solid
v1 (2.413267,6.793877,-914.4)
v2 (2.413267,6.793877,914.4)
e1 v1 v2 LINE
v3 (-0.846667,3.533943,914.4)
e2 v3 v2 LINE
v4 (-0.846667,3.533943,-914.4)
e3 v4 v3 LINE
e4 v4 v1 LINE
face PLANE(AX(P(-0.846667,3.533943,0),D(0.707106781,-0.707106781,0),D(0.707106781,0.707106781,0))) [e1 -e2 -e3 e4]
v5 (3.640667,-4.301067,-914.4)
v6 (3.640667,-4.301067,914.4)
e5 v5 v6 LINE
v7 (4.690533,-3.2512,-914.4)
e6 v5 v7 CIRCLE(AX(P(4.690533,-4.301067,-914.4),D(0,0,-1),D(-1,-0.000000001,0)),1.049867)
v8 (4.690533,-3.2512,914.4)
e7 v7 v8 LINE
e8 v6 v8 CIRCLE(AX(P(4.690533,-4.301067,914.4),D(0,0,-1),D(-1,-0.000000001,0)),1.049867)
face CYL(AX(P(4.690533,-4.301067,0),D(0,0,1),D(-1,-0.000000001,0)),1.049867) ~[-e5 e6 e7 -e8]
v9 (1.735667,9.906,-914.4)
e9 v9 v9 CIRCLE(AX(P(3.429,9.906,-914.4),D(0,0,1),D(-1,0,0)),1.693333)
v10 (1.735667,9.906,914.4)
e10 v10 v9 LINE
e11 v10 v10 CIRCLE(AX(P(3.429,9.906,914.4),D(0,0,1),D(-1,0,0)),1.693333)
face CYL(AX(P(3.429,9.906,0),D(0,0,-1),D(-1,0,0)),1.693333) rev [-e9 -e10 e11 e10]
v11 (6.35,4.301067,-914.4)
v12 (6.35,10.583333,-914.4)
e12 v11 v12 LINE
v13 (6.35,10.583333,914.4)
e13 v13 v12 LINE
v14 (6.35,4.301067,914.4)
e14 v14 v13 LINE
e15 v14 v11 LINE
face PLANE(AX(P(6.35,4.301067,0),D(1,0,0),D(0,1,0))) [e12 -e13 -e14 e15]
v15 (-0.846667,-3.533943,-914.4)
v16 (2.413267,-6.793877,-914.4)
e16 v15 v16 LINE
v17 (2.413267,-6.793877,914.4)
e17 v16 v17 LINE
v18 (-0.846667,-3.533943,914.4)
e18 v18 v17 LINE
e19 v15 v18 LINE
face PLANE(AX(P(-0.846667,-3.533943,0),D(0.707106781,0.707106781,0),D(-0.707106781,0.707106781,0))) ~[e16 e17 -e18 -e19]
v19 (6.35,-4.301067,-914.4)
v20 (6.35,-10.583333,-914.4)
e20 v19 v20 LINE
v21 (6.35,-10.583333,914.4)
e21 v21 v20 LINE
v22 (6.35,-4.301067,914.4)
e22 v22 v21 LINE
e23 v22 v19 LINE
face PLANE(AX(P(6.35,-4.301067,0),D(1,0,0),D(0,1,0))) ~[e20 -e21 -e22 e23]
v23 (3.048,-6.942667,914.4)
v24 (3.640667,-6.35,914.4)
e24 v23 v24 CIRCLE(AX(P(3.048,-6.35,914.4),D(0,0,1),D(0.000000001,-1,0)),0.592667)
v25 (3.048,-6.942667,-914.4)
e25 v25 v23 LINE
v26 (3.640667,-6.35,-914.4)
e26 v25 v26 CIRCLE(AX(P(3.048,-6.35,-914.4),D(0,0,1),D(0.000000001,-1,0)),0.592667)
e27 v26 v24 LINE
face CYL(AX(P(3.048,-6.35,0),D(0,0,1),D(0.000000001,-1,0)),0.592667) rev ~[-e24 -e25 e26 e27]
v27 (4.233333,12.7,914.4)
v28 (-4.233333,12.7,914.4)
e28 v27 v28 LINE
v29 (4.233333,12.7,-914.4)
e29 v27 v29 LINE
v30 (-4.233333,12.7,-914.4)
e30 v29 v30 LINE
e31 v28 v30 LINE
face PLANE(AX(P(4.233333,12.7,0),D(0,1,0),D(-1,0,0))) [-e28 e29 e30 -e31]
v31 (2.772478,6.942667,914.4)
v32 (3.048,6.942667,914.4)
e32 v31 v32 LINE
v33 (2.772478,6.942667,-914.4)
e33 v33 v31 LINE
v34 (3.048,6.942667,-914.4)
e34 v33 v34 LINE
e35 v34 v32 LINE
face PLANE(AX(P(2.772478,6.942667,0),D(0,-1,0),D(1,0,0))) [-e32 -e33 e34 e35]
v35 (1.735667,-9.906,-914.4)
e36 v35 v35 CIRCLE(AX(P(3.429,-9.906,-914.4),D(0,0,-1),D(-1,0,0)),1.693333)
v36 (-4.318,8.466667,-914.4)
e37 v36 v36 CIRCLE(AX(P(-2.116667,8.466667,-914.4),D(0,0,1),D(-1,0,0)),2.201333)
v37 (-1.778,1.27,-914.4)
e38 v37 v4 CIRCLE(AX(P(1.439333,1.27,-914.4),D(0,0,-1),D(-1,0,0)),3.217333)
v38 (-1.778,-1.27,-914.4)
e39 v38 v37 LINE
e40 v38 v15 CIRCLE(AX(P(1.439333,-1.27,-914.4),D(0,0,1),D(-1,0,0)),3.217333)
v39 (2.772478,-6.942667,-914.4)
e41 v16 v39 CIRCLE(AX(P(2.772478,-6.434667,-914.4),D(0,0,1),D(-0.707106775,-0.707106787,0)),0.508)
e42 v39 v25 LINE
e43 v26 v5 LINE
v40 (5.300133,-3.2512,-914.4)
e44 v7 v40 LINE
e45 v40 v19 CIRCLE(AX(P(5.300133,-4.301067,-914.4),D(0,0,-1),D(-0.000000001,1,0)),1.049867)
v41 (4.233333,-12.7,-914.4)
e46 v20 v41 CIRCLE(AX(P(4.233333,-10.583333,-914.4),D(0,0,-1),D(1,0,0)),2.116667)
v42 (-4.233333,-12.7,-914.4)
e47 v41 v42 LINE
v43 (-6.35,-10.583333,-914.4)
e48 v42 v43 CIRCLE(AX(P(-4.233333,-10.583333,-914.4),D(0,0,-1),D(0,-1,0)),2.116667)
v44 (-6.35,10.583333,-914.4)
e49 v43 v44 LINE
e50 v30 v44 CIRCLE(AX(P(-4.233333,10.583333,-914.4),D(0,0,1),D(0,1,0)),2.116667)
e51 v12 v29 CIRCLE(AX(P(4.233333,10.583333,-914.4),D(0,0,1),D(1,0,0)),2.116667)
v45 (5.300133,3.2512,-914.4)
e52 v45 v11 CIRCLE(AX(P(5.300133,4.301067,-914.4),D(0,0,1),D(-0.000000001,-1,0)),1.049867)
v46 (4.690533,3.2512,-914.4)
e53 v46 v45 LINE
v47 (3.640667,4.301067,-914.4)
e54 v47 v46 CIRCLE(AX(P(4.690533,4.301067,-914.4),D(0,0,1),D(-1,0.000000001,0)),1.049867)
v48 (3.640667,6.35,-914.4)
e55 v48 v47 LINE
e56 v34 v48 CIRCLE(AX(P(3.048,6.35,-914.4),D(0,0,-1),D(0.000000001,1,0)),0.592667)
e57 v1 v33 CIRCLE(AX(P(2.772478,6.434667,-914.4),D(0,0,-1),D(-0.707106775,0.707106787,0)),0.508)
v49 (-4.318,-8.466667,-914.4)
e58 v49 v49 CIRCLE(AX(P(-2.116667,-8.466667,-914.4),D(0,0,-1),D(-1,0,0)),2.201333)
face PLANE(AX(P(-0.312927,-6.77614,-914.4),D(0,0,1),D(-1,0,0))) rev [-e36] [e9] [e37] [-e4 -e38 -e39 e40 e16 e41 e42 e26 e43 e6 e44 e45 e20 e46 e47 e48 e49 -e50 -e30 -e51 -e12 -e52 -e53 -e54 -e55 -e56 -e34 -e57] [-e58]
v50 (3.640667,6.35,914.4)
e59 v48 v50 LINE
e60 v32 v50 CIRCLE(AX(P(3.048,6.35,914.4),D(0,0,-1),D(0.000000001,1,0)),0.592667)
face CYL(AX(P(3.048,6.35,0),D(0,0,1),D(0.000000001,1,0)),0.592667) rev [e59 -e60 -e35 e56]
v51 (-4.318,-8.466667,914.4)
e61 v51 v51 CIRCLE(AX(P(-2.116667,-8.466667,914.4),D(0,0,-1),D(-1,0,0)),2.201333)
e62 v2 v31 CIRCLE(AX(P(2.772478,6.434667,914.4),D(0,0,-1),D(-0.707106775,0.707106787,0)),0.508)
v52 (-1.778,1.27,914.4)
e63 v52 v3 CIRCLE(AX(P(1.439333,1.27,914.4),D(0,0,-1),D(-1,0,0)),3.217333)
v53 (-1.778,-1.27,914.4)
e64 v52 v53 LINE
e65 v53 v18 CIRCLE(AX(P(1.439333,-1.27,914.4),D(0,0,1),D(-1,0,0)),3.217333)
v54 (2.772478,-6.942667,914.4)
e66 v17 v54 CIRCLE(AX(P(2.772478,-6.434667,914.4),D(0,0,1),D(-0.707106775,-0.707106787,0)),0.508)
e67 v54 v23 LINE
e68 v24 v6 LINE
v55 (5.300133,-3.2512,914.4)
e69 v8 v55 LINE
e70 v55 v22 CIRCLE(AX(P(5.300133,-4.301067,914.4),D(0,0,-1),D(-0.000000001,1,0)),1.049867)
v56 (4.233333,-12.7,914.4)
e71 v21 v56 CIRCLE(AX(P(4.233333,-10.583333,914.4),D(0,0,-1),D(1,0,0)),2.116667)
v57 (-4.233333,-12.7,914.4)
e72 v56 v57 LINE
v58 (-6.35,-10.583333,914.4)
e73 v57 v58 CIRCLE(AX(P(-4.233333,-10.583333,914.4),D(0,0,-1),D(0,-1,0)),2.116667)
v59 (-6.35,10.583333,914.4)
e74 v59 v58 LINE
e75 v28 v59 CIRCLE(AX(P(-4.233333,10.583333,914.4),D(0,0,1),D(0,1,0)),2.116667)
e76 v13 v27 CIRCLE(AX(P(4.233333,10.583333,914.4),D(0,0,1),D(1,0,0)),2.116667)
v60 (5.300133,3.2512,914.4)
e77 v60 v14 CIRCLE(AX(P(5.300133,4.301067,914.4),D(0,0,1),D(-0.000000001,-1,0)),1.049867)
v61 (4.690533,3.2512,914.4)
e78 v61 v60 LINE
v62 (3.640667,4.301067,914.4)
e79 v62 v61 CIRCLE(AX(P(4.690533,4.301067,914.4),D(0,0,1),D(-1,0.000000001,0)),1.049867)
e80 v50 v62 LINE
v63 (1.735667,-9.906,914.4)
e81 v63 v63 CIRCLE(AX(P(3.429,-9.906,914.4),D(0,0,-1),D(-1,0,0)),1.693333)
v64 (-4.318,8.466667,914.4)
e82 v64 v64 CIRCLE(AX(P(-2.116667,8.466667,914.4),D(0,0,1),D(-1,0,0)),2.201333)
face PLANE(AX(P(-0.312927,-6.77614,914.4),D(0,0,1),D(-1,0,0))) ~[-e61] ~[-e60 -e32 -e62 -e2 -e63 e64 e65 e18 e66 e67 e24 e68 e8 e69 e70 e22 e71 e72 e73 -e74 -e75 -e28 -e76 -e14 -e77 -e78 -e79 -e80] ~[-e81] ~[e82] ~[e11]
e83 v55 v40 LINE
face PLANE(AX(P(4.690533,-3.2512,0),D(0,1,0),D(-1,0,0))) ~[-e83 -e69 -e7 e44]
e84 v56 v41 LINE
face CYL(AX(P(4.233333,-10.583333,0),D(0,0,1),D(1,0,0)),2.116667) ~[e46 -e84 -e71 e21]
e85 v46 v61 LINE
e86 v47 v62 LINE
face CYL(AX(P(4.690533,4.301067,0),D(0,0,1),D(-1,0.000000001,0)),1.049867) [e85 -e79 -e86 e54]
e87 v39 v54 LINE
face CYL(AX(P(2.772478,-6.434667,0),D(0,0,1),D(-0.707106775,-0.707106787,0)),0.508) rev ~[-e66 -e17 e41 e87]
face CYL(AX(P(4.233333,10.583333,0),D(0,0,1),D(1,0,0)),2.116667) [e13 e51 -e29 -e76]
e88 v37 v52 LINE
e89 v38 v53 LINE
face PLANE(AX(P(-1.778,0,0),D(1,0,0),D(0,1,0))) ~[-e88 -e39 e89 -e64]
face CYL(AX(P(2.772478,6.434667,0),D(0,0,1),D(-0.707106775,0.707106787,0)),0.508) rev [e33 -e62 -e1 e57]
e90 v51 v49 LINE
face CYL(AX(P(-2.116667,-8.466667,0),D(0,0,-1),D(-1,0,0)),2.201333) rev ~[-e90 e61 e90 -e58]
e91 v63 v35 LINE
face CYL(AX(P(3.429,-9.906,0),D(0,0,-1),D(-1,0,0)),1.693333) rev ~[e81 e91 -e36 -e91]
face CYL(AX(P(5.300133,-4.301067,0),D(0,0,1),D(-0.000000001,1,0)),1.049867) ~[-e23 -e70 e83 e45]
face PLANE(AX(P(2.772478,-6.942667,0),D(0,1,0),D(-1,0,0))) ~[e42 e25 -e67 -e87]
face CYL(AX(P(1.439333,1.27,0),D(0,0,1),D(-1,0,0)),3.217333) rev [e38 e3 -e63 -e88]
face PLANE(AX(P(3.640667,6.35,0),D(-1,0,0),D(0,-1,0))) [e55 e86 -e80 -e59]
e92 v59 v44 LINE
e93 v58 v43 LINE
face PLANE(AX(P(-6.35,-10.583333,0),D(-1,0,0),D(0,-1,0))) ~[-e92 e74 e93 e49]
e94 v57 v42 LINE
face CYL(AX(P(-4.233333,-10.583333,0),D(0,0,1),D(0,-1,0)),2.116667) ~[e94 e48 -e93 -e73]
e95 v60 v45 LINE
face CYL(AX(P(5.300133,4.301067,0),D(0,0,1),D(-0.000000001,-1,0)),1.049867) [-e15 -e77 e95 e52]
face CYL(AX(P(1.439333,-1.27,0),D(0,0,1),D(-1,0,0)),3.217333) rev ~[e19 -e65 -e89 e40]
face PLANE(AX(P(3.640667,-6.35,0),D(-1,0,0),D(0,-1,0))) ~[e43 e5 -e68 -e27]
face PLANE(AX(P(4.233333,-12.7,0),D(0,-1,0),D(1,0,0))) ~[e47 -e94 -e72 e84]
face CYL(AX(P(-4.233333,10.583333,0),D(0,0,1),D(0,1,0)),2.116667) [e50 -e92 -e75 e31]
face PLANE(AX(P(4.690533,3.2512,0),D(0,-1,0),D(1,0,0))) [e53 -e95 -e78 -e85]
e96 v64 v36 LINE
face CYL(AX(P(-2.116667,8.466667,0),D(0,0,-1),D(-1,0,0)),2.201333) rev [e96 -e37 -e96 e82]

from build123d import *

# Parameters (mm, degrees)
SKETCH3_R           = 2.201333333
SKETCH3_R_2         = 1.693333333
BOSS_EXTRUDE1_DEPTH = 914.4


with BuildPart() as part:
    # Sketch3 → Boss-Extrude1 (new, symmetric)
    with BuildSketch(Plane.XY):
        with BuildLine():
            Line((-1.778, 0), (-1.778, 1.27))
            ThreePointArc((-1.778, 1.27), (-1.536070654, 2.494011801), (-0.846666667, 3.533942971))
            Line((-0.846666667, 3.533942971), (2.413267273, 6.793876912))
            ThreePointArc((2.413267273, 6.793876912), (2.578074335, 6.903997469), (2.772477518, 6.942666667))
            Line((2.772477518, 6.942666667), (3.048, 6.942666667))
            ThreePointArc((3.048, 6.942666667), (3.467078619, 6.769078619), (3.640666667, 6.35))
            Line((3.640666667, 6.35), (3.640666667, 4.301066667))
            ThreePointArc((3.640666667, 4.301066667), (3.948165494, 3.558698827), (4.690533333, 3.2512))
            Line((4.690533333, 3.2512), (5.300133333, 3.2512))
            ThreePointArc((5.300133333, 3.2512), (6.042501173, 3.558698827), (6.35, 4.301066667))
            Line((6.35, 4.301066667), (6.35, 10.583333333))
            ThreePointArc((6.35, 10.583333333), (5.730042687, 12.080042687), (4.233333333, 12.7))
            Line((4.233333333, 12.7), (-4.233333333, 12.7))
            ThreePointArc((-4.233333333, 12.7), (-5.730042687, 12.080042687), (-6.35, 10.583333333))
            Line((-6.35, 10.583333333), (-6.35, 0))
            Line((-6.35, 0), (-1.778, 0))
        make_face()
        with Locations(Location((-2.116666667, 8.466666667, 0), (0, 0, 180))):
            Circle(SKETCH3_R, mode=Mode.SUBTRACT)
        with Locations(Location((3.429, 9.906, 0), (0, 0, 180))):
            Circle(SKETCH3_R_2, mode=Mode.SUBTRACT)
    extrude(amount=BOSS_EXTRUDE1_DEPTH, both=True)

    # Mirror1: part across plane


with BuildPart() as part_1:
    add(part.part)
    add(part.part.mirror(Plane.ZX))


solid = part_1.part
